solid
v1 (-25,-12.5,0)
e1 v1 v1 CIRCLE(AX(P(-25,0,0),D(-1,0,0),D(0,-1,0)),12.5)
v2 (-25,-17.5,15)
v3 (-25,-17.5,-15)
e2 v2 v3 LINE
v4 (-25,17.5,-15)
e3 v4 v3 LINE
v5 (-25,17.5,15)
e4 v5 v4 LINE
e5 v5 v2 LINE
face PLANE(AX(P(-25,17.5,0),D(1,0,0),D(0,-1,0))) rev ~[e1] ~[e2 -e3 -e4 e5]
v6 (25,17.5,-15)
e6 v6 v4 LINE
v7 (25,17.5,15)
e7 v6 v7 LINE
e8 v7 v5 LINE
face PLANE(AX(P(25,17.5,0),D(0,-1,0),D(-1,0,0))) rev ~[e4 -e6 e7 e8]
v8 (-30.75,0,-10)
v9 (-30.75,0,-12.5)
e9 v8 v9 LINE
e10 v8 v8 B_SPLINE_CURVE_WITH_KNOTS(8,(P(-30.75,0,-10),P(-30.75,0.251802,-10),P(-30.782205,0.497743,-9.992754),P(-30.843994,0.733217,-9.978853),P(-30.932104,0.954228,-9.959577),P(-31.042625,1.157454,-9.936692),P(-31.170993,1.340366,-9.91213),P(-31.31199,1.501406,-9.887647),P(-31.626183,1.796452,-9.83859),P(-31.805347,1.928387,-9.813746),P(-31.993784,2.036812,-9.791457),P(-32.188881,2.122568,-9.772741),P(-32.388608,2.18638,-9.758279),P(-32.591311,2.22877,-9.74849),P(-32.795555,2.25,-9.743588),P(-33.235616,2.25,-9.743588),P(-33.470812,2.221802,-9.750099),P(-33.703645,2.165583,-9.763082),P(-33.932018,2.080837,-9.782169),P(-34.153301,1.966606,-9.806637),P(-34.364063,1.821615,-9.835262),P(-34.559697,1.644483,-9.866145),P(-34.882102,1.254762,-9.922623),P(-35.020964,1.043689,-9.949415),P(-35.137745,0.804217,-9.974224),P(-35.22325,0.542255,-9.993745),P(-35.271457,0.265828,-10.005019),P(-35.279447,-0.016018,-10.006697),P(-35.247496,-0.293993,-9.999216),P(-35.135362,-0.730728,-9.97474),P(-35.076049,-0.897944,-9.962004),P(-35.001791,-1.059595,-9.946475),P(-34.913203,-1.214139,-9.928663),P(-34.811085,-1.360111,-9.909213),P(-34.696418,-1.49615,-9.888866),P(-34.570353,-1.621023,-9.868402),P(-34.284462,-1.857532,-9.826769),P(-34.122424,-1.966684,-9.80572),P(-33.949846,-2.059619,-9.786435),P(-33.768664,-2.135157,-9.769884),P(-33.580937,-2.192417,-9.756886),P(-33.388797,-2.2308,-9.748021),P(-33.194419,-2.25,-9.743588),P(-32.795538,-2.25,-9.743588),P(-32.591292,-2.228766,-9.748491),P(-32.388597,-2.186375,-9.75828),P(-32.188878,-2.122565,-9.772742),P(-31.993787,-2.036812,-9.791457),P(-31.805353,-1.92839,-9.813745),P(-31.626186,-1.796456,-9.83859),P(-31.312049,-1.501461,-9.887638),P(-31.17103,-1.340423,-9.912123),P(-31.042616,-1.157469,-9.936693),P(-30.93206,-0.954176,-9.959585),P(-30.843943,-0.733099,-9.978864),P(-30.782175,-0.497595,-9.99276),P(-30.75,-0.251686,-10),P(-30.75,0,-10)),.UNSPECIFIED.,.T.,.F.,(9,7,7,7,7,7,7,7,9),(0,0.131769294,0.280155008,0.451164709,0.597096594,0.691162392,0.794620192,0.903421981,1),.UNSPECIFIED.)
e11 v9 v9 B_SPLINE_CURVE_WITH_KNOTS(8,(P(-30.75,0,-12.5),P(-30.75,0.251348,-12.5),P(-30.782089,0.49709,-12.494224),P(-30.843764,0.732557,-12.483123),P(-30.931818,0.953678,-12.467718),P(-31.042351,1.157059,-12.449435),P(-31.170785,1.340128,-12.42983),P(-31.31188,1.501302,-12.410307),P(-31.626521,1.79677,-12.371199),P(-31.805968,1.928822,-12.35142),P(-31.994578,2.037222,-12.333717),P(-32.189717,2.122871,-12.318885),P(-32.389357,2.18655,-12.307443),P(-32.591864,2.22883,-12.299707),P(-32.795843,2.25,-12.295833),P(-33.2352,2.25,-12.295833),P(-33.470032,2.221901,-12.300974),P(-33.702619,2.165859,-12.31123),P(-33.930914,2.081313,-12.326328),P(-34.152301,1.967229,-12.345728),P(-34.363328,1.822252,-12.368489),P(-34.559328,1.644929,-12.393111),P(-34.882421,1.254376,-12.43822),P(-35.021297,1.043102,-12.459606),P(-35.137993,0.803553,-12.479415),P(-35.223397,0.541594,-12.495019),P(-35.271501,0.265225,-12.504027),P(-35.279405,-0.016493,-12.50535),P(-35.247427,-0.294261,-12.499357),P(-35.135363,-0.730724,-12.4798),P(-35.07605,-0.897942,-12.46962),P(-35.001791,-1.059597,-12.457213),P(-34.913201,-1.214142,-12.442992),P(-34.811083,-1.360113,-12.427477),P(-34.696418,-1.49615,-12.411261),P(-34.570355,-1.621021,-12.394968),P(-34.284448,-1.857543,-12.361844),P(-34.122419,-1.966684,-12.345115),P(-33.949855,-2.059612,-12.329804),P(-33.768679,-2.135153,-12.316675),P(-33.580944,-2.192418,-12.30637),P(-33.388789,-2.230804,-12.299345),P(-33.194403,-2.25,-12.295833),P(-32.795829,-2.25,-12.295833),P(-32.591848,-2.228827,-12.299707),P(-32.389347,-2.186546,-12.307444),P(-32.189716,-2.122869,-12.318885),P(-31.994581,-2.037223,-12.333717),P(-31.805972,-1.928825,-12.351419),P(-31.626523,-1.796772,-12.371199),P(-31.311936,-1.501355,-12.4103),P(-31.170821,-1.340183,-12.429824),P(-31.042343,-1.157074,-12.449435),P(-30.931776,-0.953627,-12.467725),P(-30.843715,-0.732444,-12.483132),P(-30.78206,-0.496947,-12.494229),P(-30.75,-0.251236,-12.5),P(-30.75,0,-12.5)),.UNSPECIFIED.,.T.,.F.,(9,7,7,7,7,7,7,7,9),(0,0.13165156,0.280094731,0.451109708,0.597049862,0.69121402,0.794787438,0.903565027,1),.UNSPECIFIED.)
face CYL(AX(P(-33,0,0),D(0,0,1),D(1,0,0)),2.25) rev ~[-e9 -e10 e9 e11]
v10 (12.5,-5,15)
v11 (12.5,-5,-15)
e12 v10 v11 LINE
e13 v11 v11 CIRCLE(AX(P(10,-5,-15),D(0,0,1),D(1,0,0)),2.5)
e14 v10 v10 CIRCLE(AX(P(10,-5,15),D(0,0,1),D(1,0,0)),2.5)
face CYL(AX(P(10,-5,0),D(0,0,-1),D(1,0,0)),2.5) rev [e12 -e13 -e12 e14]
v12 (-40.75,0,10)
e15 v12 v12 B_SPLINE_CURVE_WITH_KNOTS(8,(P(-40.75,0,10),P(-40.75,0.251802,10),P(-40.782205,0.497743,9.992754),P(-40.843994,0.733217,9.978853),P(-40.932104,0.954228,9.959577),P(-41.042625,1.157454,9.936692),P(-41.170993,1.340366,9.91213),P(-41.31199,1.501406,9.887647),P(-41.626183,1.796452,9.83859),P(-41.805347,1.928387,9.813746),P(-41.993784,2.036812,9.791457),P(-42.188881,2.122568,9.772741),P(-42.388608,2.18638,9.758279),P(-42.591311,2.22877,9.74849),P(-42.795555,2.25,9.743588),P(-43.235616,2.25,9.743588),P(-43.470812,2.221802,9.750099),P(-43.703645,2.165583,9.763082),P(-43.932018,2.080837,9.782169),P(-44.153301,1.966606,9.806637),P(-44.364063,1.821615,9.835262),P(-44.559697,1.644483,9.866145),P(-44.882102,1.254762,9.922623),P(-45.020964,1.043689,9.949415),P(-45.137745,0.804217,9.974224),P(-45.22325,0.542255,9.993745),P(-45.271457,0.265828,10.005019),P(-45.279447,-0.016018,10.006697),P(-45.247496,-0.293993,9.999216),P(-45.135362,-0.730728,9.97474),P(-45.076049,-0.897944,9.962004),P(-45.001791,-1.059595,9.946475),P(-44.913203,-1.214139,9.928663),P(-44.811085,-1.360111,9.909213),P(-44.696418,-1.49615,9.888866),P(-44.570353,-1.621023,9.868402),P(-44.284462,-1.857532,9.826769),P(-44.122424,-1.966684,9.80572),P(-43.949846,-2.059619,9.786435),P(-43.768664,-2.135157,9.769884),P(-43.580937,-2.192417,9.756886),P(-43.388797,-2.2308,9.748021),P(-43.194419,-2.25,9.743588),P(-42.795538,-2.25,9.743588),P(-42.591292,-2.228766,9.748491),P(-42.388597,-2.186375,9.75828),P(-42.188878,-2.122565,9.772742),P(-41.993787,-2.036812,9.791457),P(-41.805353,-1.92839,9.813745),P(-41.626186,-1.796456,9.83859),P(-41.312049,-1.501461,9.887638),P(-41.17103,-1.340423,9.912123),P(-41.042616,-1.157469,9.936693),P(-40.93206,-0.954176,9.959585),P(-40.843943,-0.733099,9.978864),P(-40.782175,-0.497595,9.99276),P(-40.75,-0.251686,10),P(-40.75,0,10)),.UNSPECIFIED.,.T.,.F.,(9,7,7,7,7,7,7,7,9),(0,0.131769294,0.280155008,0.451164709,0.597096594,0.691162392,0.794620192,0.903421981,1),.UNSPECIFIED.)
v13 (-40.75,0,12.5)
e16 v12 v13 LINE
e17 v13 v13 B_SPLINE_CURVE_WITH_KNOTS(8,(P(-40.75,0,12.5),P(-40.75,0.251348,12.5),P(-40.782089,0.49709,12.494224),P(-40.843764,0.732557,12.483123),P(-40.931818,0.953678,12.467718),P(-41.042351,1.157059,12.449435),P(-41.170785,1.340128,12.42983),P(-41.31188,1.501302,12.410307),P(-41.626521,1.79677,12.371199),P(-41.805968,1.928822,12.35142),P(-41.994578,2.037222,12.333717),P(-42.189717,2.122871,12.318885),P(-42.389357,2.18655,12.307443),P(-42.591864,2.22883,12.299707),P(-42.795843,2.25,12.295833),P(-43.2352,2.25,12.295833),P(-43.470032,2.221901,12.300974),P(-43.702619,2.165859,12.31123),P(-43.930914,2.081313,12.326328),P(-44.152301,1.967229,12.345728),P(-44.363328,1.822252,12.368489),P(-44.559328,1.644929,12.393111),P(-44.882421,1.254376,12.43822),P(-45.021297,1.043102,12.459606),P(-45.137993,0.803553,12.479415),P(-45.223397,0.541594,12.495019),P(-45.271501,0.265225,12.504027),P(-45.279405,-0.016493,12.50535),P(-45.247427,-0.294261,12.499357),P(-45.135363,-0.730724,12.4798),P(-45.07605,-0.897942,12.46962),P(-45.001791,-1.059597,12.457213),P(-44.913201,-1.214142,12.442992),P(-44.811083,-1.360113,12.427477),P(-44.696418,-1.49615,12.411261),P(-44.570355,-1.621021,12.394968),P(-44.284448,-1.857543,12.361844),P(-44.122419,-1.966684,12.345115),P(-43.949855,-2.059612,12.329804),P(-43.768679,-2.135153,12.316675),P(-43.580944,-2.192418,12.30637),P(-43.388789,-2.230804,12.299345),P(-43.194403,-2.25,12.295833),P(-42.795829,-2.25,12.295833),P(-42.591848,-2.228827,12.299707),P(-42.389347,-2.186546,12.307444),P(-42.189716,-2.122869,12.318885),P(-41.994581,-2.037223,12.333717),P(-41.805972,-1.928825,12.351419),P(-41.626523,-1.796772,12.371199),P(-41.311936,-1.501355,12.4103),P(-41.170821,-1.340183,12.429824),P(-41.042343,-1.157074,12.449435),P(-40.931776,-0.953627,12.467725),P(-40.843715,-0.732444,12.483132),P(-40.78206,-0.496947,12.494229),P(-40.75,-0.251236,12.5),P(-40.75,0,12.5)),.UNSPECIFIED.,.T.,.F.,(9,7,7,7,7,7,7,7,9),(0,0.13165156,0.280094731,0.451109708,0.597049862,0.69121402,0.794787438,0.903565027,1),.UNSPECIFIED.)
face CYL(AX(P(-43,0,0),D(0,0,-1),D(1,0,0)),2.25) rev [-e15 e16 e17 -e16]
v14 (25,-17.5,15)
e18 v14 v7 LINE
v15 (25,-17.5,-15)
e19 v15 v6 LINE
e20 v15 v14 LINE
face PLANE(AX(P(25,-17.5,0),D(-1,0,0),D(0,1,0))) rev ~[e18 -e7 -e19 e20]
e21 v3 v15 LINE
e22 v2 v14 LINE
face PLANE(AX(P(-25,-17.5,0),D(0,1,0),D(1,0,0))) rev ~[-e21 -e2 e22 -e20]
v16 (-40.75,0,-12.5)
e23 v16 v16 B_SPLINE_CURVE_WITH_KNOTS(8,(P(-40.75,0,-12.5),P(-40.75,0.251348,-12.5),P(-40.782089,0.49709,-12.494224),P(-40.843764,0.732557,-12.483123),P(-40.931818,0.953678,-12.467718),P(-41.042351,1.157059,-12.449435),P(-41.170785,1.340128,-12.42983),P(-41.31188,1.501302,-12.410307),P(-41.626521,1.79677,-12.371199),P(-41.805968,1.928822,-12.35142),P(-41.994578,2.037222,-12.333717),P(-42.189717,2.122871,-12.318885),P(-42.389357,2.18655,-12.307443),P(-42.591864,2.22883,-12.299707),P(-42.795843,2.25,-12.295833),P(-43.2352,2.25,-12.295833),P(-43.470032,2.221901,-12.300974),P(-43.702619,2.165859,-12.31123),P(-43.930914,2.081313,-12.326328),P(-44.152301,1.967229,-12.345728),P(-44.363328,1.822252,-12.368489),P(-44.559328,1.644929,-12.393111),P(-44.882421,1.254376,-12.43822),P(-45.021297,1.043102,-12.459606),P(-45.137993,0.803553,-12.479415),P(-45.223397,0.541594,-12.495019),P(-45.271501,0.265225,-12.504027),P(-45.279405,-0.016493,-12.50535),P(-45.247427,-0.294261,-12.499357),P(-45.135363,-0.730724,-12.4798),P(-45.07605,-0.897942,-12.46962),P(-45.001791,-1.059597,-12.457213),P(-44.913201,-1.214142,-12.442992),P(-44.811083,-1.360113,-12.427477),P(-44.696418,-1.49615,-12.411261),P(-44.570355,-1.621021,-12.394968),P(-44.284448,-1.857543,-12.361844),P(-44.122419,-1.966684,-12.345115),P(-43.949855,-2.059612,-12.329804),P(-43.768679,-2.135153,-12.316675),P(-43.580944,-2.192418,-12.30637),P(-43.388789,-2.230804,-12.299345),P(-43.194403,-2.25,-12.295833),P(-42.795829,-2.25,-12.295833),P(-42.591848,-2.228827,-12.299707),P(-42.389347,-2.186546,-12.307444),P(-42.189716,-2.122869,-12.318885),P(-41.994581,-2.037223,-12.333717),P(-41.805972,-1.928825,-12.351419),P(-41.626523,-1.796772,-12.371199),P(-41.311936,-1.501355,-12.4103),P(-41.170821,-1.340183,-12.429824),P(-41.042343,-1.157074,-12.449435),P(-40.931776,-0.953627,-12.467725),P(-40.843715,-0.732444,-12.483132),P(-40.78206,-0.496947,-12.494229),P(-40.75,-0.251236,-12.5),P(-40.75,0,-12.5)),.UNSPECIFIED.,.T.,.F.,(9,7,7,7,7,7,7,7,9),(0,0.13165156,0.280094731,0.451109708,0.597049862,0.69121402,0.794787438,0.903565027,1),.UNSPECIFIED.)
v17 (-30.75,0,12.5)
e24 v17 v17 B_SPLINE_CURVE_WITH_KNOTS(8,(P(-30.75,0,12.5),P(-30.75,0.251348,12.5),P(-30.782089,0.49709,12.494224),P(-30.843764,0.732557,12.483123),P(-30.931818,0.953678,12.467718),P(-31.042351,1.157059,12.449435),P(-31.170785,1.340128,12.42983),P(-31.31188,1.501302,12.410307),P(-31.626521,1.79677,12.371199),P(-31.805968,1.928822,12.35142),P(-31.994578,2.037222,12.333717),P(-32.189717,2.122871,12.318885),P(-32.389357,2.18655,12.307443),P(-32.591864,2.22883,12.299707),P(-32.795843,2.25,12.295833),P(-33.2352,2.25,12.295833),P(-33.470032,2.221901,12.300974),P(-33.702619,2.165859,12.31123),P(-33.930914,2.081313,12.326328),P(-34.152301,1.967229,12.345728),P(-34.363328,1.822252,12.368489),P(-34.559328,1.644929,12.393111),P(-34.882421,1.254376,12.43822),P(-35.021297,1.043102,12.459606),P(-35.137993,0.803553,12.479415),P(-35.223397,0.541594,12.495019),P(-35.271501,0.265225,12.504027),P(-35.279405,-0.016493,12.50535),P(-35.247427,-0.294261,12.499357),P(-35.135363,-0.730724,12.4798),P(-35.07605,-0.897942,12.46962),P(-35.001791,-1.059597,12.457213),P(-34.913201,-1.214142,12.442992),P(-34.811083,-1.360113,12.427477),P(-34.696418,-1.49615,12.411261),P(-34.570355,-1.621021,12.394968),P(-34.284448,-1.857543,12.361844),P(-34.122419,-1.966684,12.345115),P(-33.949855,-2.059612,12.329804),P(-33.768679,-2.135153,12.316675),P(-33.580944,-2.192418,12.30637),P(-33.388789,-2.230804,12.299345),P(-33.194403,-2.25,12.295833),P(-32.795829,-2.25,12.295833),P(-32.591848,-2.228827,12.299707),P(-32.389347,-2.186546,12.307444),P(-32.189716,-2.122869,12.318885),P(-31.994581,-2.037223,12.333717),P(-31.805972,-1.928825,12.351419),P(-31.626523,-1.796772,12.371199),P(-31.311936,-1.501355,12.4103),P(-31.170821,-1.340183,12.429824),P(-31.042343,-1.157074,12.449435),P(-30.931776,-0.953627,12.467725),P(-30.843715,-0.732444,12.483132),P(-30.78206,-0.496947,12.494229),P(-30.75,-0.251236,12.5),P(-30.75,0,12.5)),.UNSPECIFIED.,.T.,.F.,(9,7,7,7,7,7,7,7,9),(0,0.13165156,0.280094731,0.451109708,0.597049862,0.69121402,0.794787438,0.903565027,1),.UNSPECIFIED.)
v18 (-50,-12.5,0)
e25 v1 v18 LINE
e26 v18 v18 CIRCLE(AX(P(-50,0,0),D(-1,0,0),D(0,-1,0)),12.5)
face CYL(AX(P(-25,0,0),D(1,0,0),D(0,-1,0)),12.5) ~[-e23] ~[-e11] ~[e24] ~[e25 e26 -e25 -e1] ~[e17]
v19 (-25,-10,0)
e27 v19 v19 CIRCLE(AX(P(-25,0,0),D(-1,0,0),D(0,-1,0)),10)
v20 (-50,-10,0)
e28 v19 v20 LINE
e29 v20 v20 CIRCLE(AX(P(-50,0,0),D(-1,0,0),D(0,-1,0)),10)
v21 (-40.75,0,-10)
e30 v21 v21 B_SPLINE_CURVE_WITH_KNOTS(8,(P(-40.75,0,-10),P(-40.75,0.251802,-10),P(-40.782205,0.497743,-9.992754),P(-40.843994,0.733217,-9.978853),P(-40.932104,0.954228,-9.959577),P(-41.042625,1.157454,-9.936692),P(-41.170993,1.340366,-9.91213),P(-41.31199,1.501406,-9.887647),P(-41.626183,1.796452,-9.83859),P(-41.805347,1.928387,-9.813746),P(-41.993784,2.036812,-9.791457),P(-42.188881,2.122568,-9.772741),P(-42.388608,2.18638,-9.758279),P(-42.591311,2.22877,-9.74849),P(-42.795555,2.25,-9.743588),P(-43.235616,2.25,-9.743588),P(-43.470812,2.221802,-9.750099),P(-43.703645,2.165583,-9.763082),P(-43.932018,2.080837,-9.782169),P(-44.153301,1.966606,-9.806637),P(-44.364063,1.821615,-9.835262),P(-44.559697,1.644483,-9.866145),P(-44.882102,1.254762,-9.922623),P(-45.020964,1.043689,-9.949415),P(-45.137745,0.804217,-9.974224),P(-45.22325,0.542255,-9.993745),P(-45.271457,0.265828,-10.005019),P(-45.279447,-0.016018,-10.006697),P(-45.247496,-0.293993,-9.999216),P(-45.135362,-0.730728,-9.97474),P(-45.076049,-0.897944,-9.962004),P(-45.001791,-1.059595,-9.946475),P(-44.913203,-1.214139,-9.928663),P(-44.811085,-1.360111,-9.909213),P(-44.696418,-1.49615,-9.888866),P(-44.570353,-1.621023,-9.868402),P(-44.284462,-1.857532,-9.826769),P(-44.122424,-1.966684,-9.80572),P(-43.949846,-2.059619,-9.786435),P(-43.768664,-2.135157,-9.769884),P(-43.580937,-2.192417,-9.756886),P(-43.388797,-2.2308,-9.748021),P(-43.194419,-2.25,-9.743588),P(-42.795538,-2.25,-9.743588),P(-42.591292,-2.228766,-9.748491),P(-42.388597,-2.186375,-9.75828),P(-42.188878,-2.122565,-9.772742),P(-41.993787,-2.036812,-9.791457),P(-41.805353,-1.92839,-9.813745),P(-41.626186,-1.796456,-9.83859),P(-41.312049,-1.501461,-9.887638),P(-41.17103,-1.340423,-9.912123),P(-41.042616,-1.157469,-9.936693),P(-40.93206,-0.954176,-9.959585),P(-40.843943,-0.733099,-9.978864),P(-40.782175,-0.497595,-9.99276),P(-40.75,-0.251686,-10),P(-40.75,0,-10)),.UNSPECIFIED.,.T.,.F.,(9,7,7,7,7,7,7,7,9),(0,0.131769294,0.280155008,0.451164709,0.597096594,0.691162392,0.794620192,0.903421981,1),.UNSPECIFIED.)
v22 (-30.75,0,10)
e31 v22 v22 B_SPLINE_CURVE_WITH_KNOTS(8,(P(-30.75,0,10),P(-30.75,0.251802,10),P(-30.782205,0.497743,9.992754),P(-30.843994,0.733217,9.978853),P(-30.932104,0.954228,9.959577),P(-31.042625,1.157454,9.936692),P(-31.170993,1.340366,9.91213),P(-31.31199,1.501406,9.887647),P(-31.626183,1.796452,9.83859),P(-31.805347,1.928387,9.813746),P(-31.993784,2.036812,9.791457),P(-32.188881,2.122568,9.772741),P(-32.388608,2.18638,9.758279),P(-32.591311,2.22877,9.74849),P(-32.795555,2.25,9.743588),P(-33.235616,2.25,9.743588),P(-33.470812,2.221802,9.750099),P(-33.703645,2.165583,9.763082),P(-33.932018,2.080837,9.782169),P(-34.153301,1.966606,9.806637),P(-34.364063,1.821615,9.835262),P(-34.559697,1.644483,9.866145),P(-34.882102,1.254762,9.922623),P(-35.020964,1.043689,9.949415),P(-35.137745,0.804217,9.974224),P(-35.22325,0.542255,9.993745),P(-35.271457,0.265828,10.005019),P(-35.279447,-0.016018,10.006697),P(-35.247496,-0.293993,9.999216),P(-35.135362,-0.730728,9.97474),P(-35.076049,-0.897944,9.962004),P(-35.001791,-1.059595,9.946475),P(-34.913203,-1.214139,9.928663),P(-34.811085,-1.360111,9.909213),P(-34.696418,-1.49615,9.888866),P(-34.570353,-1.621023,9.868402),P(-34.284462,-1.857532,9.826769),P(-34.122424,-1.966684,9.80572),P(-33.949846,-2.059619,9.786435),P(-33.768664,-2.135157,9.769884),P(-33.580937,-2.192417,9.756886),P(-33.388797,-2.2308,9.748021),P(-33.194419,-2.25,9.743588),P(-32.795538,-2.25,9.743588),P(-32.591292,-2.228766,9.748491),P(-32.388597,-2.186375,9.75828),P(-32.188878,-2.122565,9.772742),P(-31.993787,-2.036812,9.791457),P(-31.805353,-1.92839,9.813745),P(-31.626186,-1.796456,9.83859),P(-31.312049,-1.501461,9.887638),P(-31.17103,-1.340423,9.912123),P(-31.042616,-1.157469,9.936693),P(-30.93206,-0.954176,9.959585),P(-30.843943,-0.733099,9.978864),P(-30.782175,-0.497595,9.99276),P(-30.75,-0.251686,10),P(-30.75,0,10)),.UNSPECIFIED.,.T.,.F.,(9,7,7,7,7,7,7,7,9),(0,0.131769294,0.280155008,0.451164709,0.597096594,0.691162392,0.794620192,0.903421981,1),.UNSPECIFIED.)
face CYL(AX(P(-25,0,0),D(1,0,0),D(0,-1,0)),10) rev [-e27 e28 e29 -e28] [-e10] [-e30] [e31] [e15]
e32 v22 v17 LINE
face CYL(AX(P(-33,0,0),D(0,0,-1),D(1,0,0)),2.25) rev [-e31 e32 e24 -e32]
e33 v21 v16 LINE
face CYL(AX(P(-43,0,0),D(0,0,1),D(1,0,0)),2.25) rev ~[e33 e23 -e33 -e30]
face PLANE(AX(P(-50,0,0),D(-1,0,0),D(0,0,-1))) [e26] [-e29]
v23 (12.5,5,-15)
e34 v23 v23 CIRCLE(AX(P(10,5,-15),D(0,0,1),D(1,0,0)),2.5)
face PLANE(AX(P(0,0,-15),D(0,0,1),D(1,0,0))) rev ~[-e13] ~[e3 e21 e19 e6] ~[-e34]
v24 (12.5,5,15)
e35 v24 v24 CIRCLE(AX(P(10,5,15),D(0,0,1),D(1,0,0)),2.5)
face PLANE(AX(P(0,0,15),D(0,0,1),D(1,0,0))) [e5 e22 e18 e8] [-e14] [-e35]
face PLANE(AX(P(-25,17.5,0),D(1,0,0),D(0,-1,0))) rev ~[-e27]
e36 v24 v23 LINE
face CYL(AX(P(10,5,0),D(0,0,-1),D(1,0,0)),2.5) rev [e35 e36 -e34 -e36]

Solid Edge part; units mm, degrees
sketch "Sketch1" plane through (0, 0, 0) normal (0, 0, 1) x (1, 0, 0)
  circle A0 centre (10, 5) radius 2.5
  circle A1 centre (10, -5) radius 2.5
  line L0 (-25, -17.5) -> (25, -17.5)
  line L1 (25, -17.5) -> (25, 17.5)
  line L2 (25, 17.5) -> (-25, 17.5)
  line L3 (-25, 17.5) -> (-25, -17.5)
  dimension "D1" = 5
extrude "Protrusion1" add sketch "Sketch1" along normal mid plane 30
sketch "Sketch2" plane through (-25, 0, 0) normal (-1, 0, 0) x (0, -1, 0)
  circle A0 centre (0, 0) radius 10
  circle A1 centre (0, 0) radius 12.5
extrude "ExtrudedProtrusion_2" add sketch "Sketch2" along normal mid plane 50
sketch "Sketch3" plane through (0, 0, 0) normal (0, 0, 1) x (1, 0, 0)
  circle A0 centre (-43, 0) radius 2.25
  circle A1 centre (-33, 0) radius 2.25
extrude "ExtrudedCutout_1" cut sketch "Sketch3" along normal mid plane 87.851
properties material "PVC"
